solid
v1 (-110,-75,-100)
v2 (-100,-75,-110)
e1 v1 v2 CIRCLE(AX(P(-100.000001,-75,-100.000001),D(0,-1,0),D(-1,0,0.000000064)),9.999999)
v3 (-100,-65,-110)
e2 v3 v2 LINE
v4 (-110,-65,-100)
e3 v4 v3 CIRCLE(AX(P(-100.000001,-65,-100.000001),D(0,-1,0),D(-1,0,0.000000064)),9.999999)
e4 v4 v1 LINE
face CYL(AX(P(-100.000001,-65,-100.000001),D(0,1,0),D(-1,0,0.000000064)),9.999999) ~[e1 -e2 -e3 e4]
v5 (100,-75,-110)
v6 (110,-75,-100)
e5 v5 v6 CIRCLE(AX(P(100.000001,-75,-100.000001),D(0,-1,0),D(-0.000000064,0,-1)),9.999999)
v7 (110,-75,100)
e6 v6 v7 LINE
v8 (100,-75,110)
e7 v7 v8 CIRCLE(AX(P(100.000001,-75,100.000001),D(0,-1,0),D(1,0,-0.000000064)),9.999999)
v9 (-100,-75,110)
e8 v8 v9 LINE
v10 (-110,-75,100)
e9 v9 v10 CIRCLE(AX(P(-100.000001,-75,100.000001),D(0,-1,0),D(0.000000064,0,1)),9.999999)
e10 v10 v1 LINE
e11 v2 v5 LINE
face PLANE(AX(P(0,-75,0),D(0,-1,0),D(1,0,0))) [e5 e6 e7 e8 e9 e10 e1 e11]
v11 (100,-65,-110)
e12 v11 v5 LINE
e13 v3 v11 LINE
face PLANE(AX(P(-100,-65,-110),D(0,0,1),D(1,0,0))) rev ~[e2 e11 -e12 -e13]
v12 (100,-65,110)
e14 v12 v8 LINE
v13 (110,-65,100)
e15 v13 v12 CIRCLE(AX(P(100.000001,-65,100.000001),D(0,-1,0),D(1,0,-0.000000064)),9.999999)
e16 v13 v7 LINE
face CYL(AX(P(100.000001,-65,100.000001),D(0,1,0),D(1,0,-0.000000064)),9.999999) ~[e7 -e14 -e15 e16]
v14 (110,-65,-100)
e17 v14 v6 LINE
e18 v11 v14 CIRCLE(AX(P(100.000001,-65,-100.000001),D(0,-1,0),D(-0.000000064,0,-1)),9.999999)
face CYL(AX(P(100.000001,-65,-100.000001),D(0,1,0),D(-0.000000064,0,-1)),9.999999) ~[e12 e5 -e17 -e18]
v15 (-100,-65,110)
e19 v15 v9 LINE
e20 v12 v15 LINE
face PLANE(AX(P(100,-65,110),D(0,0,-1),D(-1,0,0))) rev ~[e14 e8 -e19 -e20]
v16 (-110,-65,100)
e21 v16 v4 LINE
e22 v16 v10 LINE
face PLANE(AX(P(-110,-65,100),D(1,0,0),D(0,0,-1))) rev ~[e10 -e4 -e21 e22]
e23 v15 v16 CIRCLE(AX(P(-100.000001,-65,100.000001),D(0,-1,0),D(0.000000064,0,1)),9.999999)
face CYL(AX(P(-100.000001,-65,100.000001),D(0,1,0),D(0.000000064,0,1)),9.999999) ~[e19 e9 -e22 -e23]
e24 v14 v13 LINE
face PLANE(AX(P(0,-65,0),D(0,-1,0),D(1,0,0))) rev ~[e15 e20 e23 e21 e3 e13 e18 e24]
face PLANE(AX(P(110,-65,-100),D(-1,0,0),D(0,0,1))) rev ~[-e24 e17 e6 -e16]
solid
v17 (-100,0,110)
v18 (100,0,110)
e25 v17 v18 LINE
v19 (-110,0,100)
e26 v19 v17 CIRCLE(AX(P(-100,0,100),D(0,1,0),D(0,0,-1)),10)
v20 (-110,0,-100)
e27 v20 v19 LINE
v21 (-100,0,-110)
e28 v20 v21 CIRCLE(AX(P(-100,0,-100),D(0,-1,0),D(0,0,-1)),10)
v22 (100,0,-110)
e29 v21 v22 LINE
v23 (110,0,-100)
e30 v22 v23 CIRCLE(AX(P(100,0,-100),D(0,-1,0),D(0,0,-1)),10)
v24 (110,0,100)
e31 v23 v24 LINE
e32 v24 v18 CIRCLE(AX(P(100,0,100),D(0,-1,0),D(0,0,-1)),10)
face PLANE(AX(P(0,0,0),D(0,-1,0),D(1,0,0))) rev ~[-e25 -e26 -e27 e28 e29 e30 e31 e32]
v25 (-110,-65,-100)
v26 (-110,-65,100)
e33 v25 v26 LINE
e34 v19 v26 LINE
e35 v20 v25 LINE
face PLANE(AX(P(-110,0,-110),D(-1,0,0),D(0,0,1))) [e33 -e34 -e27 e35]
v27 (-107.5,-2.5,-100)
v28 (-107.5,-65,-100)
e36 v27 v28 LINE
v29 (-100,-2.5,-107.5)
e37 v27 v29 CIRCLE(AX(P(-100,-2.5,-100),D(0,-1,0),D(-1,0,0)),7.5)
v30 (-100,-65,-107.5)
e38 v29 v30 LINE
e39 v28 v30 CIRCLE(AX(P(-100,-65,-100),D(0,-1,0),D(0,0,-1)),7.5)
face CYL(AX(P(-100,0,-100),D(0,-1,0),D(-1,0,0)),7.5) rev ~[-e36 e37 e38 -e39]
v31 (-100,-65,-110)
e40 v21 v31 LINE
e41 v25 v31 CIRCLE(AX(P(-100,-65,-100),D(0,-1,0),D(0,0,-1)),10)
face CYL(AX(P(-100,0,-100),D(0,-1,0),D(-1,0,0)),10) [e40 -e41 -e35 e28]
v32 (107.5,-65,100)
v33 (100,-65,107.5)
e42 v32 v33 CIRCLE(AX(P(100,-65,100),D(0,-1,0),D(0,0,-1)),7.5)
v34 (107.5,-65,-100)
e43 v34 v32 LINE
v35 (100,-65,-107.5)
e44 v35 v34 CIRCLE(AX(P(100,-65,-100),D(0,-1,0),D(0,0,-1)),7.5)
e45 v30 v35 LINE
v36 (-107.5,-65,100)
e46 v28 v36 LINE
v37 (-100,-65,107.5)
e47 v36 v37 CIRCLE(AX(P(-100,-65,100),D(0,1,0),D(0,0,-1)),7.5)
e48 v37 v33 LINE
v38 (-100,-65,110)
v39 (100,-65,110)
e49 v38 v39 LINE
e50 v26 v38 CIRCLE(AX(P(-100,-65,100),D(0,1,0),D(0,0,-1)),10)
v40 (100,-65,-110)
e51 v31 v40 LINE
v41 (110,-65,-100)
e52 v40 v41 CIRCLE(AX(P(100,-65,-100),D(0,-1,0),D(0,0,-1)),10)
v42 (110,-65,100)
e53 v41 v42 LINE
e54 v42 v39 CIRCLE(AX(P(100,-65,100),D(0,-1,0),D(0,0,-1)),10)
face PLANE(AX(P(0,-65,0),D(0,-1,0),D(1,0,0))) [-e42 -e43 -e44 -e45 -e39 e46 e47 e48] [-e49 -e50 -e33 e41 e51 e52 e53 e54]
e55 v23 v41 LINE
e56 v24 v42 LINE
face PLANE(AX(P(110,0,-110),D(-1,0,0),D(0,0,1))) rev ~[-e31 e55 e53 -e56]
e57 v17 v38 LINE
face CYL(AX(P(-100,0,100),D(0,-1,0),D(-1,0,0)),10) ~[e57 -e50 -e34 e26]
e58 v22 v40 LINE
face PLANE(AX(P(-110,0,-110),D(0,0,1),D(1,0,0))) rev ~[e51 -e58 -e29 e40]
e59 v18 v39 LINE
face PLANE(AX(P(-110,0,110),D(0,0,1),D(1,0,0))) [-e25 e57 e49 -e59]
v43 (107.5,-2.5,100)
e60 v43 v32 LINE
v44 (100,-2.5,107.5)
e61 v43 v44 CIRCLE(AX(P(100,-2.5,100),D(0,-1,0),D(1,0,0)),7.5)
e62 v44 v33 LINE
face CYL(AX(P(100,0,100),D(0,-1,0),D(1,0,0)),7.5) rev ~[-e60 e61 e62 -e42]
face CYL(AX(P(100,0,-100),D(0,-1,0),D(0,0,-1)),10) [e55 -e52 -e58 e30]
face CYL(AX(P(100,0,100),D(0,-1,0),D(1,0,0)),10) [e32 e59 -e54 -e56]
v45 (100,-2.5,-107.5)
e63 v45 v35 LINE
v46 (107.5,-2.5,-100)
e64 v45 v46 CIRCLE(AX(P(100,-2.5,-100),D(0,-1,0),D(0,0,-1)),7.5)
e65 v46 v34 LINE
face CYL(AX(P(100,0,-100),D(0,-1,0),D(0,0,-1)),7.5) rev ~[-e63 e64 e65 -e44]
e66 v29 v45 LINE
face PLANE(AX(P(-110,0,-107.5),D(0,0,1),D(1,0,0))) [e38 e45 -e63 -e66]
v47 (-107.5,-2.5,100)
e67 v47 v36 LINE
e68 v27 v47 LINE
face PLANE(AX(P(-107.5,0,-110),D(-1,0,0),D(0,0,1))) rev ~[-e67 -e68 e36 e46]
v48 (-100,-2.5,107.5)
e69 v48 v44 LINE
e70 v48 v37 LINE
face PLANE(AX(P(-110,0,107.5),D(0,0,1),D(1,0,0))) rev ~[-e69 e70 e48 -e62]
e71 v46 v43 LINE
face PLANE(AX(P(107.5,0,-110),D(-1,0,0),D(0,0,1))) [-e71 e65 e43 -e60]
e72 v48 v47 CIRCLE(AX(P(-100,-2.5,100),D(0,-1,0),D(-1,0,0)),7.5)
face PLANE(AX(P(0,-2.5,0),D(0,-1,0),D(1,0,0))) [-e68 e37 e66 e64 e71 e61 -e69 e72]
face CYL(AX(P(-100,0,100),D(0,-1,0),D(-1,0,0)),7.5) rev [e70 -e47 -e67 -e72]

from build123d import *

# Parameters (mm, degrees)
F0_W     = 220
F0_H     = 220
F1_DEPTH = 65
F2_R     = 10
F3_T     = -2.5
F5_DEPTH = 10


with BuildPart() as f1:
    # F0 (on Front) → F1 (new body)
    with BuildSketch(Plane.XZ):
        Rectangle(F0_W, F0_H)
    extrude(amount=F1_DEPTH)

    # F2
    f2_edges = [f1.edges().sort_by_distance(p)[0] for p in [
        (110, -32.5, 110),
        (-110, -32.5, 110),
        (110, -32.5, -110),
        (-110, -32.5, -110),
    ]]
    fillet(f2_edges, radius=F2_R)

    # F3
    f3_openings = [f1.faces().sort_by_distance(p)[0] for p in [
        (0, -65, 0),
    ]]
    offset(amount=F3_T, openings=f3_openings)


with BuildPart() as f5:
    # F4 (on face) → F5 (new body)
    with BuildSketch(Plane.XZ.offset(65)):
        with BuildLine():
            ThreePointArc((110, 100), (107.071068, 107.071068), (100, 110))
            Line((100, 110), (-100, 110))
            ThreePointArc((-100, 110), (-107.071068, 107.071068), (-110, 100))
            Line((-110, 100), (-110, -100))
            ThreePointArc((-110, -100), (-107.071068, -107.071068), (-100, -110))
            Line((-100, -110), (100, -110))
            ThreePointArc((100, -110), (107.071068, -107.071068), (110, -100))
            Line((110, -100), (110, 100))
        make_face()
    extrude(amount=F5_DEPTH)


solid = Compound([f1.part, f5.part])
